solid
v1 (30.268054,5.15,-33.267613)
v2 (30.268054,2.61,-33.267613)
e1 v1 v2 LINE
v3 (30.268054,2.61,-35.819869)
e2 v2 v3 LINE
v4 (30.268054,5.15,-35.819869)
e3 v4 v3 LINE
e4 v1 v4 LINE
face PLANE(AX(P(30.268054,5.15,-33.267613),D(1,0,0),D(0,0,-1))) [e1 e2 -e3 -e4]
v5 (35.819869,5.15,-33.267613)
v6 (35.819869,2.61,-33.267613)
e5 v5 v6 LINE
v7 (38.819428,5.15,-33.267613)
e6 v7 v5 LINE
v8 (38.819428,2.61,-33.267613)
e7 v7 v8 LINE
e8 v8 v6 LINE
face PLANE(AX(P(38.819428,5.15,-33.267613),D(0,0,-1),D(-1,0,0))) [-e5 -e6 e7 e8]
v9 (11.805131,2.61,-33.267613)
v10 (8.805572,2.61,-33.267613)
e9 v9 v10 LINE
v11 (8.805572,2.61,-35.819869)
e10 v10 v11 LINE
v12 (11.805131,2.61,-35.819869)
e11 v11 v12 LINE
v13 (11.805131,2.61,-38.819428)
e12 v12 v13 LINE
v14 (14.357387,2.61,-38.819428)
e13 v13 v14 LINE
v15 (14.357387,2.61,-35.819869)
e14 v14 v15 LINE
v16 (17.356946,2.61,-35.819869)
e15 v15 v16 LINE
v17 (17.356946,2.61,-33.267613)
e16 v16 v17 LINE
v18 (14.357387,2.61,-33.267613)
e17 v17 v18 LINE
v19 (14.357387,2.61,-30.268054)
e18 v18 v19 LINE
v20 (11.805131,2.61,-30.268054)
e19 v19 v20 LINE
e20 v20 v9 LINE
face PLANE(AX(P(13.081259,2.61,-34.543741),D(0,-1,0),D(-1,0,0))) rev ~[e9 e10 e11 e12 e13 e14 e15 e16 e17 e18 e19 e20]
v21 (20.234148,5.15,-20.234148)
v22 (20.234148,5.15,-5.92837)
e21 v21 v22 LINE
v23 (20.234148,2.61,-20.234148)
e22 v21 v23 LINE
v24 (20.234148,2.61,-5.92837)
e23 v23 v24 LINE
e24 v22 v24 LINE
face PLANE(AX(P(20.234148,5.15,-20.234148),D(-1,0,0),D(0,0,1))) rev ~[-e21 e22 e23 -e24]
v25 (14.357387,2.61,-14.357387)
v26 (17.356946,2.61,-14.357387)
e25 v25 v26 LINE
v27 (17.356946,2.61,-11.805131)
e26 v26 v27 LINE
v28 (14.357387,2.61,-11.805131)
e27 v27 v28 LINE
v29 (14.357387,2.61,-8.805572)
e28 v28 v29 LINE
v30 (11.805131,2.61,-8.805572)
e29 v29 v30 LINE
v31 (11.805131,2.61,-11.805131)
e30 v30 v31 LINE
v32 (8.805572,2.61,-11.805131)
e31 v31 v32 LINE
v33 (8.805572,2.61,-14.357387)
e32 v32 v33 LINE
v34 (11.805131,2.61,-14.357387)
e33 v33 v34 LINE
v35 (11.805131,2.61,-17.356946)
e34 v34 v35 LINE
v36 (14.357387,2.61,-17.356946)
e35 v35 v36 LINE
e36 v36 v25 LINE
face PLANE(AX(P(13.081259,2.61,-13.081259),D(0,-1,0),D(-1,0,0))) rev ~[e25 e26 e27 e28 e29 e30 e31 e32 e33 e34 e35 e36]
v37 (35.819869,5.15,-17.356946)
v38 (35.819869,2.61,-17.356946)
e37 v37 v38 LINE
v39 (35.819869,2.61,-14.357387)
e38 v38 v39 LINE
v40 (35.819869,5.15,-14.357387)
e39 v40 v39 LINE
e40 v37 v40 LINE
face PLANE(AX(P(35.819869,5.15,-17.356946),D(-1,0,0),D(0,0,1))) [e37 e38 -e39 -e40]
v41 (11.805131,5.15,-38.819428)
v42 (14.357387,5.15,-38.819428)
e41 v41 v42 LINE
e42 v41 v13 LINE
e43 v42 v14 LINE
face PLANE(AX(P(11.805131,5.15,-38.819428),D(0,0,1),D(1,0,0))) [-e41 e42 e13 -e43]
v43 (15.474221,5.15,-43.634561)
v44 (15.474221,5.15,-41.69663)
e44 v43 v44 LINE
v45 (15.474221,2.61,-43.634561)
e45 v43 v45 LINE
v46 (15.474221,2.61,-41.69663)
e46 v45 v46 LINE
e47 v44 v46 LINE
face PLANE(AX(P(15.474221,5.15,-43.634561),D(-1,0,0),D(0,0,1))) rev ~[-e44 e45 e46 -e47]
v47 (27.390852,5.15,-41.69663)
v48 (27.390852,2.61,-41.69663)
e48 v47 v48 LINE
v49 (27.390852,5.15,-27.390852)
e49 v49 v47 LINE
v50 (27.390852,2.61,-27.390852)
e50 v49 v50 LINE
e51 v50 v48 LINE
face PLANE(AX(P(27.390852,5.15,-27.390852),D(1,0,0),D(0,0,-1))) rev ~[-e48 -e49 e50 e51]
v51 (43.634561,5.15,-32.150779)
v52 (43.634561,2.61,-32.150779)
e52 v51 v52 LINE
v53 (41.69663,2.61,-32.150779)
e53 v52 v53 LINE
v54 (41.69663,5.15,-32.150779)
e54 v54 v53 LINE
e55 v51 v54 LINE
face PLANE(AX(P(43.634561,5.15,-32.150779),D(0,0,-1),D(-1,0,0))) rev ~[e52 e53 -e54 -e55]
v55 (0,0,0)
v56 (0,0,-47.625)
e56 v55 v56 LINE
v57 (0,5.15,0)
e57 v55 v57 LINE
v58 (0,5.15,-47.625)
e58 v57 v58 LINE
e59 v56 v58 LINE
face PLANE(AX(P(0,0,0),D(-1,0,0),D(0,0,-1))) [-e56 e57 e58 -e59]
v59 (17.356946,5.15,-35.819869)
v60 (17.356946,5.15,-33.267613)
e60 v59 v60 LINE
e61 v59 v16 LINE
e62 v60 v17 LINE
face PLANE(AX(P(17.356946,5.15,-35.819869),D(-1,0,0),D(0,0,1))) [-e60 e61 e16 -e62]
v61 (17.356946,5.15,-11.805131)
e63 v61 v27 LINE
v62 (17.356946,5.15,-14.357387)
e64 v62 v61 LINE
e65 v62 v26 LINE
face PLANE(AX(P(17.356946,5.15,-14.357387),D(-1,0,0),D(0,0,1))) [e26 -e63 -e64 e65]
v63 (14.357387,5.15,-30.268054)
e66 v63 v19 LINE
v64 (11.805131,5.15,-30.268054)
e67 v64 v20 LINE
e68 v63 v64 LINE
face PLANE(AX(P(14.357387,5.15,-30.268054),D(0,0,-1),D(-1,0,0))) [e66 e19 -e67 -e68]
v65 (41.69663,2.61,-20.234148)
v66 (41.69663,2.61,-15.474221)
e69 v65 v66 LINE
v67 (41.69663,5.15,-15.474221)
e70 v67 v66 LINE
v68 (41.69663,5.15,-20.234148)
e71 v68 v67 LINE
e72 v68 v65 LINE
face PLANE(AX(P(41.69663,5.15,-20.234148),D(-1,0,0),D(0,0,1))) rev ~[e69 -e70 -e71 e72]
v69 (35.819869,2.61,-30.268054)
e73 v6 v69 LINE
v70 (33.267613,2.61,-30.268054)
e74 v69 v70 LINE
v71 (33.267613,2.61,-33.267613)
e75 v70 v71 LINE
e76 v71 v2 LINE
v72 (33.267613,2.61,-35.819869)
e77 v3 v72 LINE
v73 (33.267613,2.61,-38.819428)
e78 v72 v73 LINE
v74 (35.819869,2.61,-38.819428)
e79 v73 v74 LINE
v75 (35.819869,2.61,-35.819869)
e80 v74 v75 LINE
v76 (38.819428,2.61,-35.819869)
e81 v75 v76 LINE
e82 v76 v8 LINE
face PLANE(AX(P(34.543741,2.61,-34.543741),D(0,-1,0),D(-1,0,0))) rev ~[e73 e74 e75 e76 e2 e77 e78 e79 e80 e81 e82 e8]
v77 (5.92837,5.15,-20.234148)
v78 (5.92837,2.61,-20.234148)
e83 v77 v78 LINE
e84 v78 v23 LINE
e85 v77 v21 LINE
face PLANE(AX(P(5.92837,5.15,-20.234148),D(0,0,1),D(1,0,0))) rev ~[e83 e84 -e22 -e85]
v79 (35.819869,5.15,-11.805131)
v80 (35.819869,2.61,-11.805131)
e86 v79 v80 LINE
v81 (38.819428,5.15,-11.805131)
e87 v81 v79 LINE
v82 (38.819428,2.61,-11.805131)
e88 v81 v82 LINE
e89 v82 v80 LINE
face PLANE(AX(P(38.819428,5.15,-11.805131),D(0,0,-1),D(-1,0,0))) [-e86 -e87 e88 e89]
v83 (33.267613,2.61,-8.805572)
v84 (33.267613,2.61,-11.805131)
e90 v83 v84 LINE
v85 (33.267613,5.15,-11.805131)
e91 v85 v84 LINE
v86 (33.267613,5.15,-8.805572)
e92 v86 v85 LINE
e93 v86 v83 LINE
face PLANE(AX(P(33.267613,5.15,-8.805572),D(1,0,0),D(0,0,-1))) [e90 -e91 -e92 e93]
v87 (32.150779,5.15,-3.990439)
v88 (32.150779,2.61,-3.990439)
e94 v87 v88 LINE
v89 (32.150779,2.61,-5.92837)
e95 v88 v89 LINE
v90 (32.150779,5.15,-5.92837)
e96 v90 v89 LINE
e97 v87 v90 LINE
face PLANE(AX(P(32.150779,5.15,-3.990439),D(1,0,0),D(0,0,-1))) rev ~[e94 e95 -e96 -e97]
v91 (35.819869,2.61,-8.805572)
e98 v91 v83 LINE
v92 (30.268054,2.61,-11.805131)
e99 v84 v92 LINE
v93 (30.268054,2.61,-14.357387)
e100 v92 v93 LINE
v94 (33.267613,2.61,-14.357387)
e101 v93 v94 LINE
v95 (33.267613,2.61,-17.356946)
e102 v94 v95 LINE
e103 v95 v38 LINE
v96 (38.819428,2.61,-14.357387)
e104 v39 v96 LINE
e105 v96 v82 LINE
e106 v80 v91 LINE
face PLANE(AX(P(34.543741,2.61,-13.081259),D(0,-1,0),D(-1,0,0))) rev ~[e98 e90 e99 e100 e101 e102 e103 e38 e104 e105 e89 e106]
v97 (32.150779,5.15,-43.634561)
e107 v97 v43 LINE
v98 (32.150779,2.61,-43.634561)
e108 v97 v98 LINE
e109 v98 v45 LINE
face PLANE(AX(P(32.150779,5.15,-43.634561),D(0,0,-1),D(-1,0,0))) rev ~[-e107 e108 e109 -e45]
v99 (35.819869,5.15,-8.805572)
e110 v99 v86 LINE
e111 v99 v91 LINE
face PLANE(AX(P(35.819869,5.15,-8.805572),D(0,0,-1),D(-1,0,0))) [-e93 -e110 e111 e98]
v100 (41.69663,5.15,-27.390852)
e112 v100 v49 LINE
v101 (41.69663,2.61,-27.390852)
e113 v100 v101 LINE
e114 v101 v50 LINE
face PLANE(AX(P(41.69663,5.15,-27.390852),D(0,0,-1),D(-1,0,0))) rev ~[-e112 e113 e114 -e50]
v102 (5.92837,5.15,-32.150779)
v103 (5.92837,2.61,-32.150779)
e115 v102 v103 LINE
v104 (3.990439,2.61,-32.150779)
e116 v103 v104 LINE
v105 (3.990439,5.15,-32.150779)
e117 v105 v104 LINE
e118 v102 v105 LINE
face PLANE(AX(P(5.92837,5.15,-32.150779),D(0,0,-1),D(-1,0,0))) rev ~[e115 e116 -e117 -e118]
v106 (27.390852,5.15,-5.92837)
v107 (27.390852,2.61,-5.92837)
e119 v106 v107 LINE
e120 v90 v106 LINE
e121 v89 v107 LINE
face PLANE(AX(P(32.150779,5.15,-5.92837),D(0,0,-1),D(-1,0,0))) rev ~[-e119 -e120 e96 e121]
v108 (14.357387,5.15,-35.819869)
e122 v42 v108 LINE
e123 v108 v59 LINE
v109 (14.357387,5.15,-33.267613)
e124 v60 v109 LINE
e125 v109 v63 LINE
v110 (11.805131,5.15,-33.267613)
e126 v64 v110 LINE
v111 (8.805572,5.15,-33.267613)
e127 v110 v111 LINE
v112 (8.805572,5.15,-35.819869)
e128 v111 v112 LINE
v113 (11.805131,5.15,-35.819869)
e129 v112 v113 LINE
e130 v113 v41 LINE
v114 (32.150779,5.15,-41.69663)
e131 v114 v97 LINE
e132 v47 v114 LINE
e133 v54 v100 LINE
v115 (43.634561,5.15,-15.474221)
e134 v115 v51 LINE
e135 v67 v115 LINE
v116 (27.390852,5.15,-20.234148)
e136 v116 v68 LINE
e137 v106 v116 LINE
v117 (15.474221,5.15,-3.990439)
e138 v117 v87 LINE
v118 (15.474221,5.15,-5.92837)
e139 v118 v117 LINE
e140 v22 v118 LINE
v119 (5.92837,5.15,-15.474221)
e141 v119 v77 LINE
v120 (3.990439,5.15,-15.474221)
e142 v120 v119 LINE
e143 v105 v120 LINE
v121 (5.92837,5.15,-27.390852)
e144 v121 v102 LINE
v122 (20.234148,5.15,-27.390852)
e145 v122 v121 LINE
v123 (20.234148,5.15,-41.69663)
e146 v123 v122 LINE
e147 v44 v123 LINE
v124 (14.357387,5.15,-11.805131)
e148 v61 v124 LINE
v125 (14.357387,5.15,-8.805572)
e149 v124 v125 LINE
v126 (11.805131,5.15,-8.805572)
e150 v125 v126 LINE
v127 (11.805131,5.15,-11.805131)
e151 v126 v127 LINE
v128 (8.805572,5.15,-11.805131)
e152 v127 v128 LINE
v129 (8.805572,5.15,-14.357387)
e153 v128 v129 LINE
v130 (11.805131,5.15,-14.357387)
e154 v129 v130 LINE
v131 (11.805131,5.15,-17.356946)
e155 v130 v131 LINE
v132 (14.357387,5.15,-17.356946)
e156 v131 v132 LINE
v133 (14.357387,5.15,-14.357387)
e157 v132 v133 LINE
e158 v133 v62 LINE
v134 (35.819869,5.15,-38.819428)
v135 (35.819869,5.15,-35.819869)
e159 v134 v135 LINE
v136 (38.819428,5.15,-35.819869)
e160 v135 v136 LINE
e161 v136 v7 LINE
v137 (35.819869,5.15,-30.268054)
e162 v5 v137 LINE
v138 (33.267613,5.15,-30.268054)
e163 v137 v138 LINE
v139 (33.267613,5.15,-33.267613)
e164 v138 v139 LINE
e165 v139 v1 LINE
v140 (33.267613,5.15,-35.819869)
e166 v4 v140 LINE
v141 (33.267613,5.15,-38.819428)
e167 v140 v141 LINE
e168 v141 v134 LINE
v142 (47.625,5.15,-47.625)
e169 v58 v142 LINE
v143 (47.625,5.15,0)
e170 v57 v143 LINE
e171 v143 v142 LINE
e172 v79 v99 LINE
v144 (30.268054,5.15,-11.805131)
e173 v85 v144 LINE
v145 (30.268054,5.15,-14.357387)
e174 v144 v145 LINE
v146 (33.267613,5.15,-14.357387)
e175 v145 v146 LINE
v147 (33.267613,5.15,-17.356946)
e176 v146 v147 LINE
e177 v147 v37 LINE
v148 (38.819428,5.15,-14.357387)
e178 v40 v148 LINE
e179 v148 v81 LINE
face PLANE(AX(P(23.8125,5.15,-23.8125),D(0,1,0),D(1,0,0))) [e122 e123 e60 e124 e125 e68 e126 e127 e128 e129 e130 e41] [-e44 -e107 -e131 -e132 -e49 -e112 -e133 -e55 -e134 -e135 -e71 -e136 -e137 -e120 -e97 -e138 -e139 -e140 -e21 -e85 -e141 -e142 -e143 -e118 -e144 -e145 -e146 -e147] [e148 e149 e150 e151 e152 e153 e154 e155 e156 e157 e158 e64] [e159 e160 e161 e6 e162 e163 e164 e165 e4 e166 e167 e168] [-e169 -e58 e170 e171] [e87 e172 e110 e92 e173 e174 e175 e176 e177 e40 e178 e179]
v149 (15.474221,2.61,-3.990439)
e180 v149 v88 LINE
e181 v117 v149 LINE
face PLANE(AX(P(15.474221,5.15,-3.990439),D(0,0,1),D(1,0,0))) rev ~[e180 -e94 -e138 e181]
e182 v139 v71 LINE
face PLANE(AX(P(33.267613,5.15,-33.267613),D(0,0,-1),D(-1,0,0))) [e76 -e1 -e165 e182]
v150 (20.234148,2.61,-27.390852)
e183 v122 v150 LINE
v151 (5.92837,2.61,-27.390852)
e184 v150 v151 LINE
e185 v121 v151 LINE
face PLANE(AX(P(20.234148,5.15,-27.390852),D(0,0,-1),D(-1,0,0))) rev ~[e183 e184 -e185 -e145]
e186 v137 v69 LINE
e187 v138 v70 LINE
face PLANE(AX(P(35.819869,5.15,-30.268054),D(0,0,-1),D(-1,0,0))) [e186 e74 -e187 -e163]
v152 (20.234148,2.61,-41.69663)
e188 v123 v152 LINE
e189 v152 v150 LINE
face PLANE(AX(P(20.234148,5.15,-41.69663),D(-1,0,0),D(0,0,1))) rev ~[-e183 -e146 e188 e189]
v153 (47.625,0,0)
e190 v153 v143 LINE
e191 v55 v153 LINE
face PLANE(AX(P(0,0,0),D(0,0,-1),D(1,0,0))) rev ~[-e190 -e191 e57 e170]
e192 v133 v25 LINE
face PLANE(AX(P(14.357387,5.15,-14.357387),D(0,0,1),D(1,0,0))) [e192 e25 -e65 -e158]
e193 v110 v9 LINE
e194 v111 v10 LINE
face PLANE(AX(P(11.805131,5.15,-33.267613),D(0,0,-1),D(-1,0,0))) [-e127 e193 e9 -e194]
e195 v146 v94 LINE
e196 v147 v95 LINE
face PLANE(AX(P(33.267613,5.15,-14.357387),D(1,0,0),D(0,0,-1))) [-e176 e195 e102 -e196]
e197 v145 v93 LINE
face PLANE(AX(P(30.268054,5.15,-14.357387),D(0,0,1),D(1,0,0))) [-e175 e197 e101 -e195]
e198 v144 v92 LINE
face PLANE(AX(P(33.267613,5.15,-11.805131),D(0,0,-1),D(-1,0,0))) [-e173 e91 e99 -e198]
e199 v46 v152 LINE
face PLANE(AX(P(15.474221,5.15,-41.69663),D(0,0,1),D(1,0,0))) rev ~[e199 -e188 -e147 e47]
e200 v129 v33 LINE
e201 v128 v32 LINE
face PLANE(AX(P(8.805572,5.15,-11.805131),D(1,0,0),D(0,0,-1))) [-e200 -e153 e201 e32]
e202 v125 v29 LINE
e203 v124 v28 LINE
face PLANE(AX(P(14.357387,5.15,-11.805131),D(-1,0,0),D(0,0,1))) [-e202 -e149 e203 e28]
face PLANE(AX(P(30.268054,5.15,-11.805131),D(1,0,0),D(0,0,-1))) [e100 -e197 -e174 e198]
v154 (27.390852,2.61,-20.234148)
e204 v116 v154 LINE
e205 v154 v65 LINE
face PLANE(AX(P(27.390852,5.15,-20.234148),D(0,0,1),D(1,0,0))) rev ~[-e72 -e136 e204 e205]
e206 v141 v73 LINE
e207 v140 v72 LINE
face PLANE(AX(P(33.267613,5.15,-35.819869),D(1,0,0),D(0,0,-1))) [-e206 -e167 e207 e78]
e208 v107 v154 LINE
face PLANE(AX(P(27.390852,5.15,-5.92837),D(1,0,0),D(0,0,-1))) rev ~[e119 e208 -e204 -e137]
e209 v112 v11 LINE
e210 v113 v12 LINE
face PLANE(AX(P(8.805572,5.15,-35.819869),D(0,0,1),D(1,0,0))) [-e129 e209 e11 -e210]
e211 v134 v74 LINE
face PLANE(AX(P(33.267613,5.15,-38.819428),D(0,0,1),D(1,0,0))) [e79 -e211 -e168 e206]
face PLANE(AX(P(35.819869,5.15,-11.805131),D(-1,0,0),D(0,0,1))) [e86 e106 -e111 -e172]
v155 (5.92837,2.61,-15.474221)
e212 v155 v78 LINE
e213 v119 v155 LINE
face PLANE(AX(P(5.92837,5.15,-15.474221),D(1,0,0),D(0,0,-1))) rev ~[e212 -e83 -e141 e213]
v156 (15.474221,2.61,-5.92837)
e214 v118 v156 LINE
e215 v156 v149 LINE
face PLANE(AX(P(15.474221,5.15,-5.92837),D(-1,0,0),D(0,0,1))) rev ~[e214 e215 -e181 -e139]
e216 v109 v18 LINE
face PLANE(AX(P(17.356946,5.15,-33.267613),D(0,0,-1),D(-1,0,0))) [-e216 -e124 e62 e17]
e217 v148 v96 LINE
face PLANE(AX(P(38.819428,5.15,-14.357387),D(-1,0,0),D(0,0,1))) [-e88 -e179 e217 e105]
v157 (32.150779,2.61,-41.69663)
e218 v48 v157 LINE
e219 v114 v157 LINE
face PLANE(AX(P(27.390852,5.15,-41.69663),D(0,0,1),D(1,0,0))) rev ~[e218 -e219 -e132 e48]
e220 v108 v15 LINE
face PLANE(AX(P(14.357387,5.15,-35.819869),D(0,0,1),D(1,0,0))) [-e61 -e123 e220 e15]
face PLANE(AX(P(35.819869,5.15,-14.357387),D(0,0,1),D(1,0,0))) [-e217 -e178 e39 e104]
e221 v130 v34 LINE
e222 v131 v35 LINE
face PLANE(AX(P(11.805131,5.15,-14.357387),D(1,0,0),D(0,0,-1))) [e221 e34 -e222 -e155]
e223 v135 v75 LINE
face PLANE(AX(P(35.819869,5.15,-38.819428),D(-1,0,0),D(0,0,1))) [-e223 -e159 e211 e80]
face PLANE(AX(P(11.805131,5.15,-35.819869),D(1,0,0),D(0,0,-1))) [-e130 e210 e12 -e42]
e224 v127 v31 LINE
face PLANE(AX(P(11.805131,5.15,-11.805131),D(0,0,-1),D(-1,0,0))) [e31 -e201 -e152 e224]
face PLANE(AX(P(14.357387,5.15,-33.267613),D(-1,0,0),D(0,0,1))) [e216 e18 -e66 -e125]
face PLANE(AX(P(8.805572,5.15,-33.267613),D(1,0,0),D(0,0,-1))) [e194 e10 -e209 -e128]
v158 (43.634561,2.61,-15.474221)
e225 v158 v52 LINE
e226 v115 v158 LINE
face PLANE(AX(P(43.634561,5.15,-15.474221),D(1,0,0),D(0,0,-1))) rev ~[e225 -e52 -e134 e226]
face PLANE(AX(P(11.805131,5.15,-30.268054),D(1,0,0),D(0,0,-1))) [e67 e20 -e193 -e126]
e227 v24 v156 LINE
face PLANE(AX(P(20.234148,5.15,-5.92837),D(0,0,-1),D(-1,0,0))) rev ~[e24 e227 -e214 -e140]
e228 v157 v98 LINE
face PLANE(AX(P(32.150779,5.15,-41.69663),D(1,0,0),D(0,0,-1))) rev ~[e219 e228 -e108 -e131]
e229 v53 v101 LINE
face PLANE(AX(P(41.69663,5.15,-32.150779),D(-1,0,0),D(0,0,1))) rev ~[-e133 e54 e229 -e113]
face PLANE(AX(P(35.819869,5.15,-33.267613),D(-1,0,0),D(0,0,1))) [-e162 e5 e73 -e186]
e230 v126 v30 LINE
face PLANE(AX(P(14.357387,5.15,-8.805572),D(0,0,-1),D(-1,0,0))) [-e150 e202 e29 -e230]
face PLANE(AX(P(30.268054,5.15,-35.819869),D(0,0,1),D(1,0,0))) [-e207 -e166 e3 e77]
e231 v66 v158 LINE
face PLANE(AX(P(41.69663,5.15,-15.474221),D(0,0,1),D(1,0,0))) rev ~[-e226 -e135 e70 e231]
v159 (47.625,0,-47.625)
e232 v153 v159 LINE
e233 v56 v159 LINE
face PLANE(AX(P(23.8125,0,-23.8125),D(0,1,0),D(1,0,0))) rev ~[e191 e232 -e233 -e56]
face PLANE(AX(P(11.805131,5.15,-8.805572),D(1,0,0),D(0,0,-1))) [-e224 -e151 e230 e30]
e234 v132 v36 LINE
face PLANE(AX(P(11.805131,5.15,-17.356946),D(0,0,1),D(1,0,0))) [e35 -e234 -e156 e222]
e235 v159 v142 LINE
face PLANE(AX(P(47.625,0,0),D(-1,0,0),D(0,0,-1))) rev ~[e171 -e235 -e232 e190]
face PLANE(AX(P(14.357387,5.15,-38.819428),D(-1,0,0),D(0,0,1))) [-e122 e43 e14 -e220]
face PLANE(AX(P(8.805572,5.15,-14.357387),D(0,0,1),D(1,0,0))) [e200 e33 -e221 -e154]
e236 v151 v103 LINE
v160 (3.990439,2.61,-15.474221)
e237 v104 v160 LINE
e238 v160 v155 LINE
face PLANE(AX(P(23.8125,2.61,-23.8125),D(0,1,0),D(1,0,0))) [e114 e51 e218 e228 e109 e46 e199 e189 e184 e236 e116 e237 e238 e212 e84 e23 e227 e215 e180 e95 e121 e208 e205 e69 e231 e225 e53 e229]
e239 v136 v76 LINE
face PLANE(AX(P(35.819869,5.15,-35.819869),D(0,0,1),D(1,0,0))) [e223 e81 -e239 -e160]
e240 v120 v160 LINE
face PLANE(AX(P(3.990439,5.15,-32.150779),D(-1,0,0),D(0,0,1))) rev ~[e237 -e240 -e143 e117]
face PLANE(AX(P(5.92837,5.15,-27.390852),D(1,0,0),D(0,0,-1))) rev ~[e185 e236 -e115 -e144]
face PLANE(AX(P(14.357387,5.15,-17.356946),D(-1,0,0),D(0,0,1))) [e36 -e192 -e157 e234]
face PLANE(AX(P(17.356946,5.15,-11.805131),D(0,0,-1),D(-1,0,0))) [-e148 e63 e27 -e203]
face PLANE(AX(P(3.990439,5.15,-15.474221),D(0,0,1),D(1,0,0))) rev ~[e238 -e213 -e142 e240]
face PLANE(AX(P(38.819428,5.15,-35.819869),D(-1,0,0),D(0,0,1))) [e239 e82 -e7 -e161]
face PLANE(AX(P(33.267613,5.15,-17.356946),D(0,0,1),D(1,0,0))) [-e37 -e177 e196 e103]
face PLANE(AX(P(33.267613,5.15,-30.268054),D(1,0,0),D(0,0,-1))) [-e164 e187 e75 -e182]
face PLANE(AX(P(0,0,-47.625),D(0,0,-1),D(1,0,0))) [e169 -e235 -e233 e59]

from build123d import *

# Parameters (mm, degrees)
SKETCH1_W           = 47.625
SKETCH1_H           = 47.625
BOSS_EXTRUDE1_DEPTH = 5.15
CUT_EXTRUDE1_DEPTH  = 2.54


with BuildPart() as part:
    # Sketch1 → Boss-Extrude1 (new body)
    with BuildSketch(Plane(origin=(0, 0, 0), x_dir=(1, 0, 0), z_dir=(0, 1, 0))):
        with Locations((23.8125, 23.8125)):
            Rectangle(SKETCH1_W, SKETCH1_H)
    extrude(amount=BOSS_EXTRUDE1_DEPTH)

    # Sketch2 → Cut-Extrude1 (cut)
    with BuildSketch(Plane(origin=(0, 5.15, 0), x_dir=(1, 0, 0), z_dir=(0, 1, 0))):
        Polygon((20.234147834, 27.390852166), (5.928370013, 27.390852166), (5.928370013, 32.150779252), (3.990438648, 32.150779252), (3.990438648, 15.474220748), (5.928370013, 15.474220748), (5.928370013, 20.234147834), (20.234147834, 20.234147834), (20.234147834, 5.928370013), (15.474220748, 5.928370013), (15.474220748, 3.990438648), (32.150779252, 3.990438648), (32.150779252, 5.928370013), (27.390852166, 5.928370013), (27.390852166, 20.234147834), (41.696629987, 20.234147834), (41.696629987, 15.474220748), (43.634561352, 15.474220748), (43.634561352, 32.150779252), (41.696629987, 32.150779252), (41.696629987, 27.390852166), (27.390852166, 27.390852166), (27.390852166, 41.696629987), (32.150779252, 41.696629987), (32.150779252, 43.634561352), (15.474220748, 43.634561352), (15.474220748, 41.696629987), (20.234147834, 41.696629987), align=None)
        Polygon((17.356946081, 35.819869232), (17.356946081, 33.26761292), (14.35738708, 33.26761292), (14.35738708, 30.268053919), (11.805130768, 30.268053919), (11.805130768, 33.26761292), (8.805571767, 33.26761292), (8.805571767, 35.819869232), (11.805130768, 35.819869232), (11.805130768, 38.819428233), (14.35738708, 38.819428233), (14.35738708, 35.819869232), align=None)
        Polygon((35.819869232, 30.268053919), (33.26761292, 30.268053919), (33.26761292, 33.26761292), (30.268053919, 33.26761292), (30.268053919, 35.819869232), (33.26761292, 35.819869232), (33.26761292, 38.819428233), (35.819869232, 38.819428233), (35.819869232, 35.819869232), (38.819428233, 35.819869232), (38.819428233, 33.26761292), (35.819869232, 33.26761292), align=None)
        Polygon((30.268053919, 11.805130768), (30.268053919, 14.35738708), (33.26761292, 14.35738708), (33.26761292, 17.356946081), (35.819869232, 17.356946081), (35.819869232, 14.35738708), (38.819428233, 14.35738708), (38.819428233, 11.805130768), (35.819869232, 11.805130768), (35.819869232, 8.805571767), (33.26761292, 8.805571767), (33.26761292, 11.805130768), align=None)
        Polygon((11.805130768, 17.356946081), (14.35738708, 17.356946081), (14.35738708, 14.35738708), (17.356946081, 14.35738708), (17.356946081, 11.805130768), (14.35738708, 11.805130768), (14.35738708, 8.805571767), (11.805130768, 8.805571767), (11.805130768, 11.805130768), (8.805571767, 11.805130768), (8.805571767, 14.35738708), (11.805130768, 14.35738708), align=None)
    extrude(amount=-CUT_EXTRUDE1_DEPTH, mode=Mode.SUBTRACT)


solid = part.part
